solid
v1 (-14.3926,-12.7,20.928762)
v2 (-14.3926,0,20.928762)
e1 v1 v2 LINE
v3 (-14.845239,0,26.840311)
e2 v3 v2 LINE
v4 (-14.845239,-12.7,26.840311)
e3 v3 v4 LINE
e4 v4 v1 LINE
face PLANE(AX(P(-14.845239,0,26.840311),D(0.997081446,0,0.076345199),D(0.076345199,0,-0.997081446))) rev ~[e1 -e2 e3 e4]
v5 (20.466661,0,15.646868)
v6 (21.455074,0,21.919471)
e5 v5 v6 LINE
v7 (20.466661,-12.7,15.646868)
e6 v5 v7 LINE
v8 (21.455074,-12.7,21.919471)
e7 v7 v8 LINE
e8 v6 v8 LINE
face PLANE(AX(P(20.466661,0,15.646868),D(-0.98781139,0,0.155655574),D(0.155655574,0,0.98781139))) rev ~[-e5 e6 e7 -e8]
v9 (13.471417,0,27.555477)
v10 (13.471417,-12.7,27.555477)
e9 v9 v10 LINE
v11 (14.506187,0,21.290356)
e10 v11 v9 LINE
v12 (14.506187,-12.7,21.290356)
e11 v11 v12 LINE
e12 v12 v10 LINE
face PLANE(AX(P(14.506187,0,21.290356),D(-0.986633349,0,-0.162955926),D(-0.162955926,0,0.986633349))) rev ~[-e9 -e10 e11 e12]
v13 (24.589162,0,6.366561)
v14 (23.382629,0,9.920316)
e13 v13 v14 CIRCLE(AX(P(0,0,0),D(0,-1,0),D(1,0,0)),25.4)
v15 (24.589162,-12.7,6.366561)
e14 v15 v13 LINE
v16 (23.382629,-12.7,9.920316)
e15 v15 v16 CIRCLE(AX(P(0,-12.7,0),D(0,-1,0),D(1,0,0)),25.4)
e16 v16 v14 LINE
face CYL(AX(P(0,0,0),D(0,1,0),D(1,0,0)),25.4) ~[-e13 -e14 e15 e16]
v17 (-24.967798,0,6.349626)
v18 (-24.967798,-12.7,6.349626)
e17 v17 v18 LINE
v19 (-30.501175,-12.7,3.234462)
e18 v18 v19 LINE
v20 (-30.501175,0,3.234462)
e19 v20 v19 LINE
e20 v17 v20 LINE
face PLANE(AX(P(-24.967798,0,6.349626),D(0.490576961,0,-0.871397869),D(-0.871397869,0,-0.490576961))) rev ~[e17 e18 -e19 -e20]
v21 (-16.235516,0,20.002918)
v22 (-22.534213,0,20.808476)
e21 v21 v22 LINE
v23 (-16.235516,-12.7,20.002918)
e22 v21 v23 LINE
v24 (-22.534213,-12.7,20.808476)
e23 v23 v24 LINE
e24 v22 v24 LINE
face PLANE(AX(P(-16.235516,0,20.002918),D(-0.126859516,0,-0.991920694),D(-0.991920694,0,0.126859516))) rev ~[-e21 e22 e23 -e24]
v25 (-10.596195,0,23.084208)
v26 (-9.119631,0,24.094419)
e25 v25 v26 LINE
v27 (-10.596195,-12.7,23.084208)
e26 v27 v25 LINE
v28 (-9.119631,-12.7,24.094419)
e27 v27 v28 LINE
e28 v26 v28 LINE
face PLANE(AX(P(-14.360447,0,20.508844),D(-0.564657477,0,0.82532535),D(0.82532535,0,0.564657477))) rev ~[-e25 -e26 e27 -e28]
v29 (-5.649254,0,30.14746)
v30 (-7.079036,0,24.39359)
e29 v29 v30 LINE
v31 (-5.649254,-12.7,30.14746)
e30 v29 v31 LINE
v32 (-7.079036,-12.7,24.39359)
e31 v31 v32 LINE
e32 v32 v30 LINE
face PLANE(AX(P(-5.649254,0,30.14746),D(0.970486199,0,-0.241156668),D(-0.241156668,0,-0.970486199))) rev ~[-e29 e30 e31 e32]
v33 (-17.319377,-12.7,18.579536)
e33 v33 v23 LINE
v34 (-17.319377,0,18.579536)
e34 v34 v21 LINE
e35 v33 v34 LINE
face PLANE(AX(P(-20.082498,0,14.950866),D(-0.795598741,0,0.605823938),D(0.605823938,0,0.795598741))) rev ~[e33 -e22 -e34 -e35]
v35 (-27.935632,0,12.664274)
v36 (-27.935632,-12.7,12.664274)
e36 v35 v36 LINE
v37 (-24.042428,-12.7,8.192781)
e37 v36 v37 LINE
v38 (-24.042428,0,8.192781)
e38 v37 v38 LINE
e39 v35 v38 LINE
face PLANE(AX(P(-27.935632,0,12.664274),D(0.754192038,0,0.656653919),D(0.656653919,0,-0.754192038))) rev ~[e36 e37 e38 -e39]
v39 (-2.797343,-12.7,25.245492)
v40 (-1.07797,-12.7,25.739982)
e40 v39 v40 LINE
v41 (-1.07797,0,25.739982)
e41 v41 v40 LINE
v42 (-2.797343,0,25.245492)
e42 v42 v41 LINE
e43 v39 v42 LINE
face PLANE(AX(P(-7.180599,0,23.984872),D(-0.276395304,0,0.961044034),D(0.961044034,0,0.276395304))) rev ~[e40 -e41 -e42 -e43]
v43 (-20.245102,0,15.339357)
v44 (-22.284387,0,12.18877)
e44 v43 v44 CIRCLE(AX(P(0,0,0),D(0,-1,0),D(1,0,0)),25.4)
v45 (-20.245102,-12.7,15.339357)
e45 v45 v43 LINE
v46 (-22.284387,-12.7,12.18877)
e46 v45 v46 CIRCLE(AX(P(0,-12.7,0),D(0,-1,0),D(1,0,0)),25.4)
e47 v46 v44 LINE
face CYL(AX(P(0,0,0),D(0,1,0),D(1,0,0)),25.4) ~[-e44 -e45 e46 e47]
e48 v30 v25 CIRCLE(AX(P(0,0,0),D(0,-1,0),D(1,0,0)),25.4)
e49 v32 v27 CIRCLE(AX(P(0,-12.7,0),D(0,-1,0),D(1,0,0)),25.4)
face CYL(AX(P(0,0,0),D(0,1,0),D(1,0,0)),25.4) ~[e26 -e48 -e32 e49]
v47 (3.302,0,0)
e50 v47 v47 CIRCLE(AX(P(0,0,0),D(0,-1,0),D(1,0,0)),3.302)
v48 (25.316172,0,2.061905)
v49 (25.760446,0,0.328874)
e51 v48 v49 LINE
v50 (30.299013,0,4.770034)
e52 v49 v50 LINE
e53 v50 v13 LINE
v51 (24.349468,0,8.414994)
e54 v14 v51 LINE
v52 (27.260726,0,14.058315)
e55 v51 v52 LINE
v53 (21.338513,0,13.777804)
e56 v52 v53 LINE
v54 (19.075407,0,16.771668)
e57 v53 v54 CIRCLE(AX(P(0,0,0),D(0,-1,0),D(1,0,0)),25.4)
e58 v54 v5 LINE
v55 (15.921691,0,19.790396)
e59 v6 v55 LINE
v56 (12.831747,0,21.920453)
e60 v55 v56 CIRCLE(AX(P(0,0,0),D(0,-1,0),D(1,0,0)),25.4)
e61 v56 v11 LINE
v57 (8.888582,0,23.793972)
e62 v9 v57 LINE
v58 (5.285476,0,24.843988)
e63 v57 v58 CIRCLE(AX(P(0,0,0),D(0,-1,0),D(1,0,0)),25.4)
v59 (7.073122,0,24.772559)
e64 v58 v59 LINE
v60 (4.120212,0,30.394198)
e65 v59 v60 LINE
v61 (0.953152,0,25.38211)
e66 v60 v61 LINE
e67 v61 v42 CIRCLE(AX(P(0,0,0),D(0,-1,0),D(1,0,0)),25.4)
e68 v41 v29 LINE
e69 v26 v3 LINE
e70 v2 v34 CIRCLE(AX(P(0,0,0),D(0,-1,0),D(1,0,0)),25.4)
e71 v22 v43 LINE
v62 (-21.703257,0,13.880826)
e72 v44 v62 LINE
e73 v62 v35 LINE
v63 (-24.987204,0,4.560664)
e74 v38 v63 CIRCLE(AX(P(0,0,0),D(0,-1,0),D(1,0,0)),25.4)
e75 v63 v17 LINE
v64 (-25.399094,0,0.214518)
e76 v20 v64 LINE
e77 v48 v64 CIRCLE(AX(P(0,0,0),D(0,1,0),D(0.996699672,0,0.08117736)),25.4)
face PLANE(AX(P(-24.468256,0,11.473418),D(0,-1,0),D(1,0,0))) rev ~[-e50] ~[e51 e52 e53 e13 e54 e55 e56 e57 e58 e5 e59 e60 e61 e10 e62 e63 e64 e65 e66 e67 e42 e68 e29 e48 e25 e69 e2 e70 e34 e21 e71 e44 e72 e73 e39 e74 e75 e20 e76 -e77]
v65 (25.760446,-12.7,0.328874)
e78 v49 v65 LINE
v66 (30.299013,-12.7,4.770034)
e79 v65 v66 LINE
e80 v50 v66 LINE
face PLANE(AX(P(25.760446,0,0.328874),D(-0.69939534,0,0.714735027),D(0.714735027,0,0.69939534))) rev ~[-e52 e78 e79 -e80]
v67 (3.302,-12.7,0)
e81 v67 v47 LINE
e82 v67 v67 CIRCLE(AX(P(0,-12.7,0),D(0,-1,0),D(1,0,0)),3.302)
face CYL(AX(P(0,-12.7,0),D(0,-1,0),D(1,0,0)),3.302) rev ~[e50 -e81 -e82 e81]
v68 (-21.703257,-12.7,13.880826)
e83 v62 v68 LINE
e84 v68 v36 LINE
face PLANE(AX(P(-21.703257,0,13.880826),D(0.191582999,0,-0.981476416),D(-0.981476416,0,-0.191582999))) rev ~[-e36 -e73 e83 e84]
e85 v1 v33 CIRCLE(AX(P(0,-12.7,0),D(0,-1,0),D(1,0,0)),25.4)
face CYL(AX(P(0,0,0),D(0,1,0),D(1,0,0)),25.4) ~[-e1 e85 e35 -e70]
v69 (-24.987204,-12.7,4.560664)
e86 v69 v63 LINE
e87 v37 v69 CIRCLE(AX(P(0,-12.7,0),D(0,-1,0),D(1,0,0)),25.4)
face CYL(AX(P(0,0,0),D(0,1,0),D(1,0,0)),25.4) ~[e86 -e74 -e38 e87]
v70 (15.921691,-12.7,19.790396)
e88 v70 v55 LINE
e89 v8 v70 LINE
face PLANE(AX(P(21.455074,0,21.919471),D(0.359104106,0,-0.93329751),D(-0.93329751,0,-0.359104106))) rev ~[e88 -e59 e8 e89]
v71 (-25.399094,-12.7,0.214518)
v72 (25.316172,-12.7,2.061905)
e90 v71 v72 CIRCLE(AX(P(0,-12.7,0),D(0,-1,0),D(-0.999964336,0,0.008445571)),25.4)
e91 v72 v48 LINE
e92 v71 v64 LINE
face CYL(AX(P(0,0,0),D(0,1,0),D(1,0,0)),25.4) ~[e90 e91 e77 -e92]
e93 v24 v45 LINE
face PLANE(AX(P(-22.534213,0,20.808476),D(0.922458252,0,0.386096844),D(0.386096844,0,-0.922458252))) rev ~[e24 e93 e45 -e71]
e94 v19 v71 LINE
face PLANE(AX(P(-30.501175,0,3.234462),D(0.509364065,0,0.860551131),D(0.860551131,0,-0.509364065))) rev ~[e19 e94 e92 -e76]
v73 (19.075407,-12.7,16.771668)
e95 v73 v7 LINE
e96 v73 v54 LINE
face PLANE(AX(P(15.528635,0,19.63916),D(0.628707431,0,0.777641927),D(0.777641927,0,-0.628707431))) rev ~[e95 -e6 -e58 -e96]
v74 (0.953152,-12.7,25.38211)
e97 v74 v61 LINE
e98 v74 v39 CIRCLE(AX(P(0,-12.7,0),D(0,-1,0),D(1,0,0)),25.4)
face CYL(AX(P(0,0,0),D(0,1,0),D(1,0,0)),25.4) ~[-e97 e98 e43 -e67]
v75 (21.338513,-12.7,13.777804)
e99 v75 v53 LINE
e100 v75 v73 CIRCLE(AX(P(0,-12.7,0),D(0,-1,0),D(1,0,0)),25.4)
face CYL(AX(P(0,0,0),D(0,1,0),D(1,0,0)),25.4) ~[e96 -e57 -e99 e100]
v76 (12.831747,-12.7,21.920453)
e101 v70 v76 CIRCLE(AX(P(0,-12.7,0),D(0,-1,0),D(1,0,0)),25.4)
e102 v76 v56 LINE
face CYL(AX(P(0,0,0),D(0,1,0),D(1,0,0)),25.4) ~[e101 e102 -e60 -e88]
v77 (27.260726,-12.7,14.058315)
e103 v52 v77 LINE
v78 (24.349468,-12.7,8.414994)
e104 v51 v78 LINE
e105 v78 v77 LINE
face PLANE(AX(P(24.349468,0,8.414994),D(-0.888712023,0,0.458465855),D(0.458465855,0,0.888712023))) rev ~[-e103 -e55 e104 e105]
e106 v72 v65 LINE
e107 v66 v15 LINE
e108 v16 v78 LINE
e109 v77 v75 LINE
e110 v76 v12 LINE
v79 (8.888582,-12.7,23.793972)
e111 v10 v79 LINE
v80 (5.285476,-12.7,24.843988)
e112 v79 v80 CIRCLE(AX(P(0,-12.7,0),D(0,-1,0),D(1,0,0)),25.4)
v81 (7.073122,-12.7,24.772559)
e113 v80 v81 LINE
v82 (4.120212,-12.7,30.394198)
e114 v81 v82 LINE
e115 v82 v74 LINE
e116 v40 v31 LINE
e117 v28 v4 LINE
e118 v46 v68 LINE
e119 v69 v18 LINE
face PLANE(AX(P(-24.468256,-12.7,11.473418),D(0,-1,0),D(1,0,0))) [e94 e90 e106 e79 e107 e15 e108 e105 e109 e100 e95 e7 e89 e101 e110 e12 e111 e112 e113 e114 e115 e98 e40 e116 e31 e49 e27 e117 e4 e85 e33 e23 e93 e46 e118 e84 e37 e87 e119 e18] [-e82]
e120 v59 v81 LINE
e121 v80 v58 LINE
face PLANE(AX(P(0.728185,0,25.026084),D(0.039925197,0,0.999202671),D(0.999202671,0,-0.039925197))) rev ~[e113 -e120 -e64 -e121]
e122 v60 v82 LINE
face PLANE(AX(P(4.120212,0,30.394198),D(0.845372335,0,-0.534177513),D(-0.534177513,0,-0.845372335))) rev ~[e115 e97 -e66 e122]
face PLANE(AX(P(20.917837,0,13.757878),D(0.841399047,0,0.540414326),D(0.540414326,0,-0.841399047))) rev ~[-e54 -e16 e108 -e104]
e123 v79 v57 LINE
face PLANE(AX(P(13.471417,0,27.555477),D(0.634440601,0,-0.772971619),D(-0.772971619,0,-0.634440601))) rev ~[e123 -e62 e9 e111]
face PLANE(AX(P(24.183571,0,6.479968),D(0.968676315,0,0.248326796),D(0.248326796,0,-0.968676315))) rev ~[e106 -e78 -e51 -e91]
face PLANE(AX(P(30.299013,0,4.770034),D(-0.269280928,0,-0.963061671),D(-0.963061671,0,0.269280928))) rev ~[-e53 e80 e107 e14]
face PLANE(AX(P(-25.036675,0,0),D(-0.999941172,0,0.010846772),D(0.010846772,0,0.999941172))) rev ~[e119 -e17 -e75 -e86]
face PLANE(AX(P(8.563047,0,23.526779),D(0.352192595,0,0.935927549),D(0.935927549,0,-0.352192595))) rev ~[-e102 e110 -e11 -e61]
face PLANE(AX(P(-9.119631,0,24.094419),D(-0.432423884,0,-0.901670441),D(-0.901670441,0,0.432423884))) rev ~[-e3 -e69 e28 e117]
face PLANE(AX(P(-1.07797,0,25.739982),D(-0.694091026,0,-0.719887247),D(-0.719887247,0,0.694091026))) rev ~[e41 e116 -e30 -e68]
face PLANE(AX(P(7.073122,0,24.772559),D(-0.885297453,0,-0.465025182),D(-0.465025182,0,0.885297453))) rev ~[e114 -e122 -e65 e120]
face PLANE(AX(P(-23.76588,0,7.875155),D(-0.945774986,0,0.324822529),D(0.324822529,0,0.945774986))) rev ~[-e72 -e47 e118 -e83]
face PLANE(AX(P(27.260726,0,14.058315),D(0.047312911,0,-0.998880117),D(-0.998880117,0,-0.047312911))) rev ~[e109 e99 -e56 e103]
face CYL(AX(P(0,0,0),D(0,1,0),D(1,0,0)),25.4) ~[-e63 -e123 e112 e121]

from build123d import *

# Parameters (mm, degrees)
F0_R     = 25.4
F1_DEPTH = 12.7
F3_DEPTH = 12.7
F4_R     = 3.302
F5_DEPTH = 12.7


with BuildPart() as f1:
    # F0 (on Front) → F1 (new body)
    with BuildSketch(Plane.XZ):
        Circle(F0_R)
    extrude(amount=F1_DEPTH)

    # F2 (on Front) → F3 (join)
    with BuildSketch(Plane.XZ):
        Polygon((-21.703257, 13.880826), (-27.935632, 12.664274), (-23.76588, 7.875155), align=None)
        Polygon((-30.501175, 3.234462), (-25.036675, 0), (-24.967798, 6.349626), align=None)
        Polygon((-16.235516, 20.002918), (-22.534213, 20.808476), (-20.082498, 14.950866), align=None)
        Polygon((-9.119631, 24.094419), (-14.845239, 26.840311), (-14.360447, 20.508844), align=None)
        Polygon((-1.07797, 25.739982), (-5.649254, 30.14746), (-7.180599, 23.984872), align=None)
        Polygon((7.073122, 24.772559), (4.120212, 30.394198), (0.728185, 25.026084), align=None)
        Polygon((14.506187, 21.290356), (13.471417, 27.555477), (8.563047, 23.526779), align=None)
        Polygon((20.466661, 15.646868), (21.455074, 21.919471), (15.528635, 19.63916), align=None)
        Polygon((24.349468, 8.414994), (27.260726, 14.058315), (20.917837, 13.757878), align=None)
        Polygon((25.760446, 0.328874), (30.299013, 4.770034), (24.183571, 6.479968), align=None)
    extrude(amount=F3_DEPTH)

    # F4 (on face) → F5 (cut)
    with BuildSketch(Plane.XZ.offset(12.7)):
        Circle(F4_R)
    extrude(amount=-F5_DEPTH, mode=Mode.SUBTRACT)


solid = f1.part
